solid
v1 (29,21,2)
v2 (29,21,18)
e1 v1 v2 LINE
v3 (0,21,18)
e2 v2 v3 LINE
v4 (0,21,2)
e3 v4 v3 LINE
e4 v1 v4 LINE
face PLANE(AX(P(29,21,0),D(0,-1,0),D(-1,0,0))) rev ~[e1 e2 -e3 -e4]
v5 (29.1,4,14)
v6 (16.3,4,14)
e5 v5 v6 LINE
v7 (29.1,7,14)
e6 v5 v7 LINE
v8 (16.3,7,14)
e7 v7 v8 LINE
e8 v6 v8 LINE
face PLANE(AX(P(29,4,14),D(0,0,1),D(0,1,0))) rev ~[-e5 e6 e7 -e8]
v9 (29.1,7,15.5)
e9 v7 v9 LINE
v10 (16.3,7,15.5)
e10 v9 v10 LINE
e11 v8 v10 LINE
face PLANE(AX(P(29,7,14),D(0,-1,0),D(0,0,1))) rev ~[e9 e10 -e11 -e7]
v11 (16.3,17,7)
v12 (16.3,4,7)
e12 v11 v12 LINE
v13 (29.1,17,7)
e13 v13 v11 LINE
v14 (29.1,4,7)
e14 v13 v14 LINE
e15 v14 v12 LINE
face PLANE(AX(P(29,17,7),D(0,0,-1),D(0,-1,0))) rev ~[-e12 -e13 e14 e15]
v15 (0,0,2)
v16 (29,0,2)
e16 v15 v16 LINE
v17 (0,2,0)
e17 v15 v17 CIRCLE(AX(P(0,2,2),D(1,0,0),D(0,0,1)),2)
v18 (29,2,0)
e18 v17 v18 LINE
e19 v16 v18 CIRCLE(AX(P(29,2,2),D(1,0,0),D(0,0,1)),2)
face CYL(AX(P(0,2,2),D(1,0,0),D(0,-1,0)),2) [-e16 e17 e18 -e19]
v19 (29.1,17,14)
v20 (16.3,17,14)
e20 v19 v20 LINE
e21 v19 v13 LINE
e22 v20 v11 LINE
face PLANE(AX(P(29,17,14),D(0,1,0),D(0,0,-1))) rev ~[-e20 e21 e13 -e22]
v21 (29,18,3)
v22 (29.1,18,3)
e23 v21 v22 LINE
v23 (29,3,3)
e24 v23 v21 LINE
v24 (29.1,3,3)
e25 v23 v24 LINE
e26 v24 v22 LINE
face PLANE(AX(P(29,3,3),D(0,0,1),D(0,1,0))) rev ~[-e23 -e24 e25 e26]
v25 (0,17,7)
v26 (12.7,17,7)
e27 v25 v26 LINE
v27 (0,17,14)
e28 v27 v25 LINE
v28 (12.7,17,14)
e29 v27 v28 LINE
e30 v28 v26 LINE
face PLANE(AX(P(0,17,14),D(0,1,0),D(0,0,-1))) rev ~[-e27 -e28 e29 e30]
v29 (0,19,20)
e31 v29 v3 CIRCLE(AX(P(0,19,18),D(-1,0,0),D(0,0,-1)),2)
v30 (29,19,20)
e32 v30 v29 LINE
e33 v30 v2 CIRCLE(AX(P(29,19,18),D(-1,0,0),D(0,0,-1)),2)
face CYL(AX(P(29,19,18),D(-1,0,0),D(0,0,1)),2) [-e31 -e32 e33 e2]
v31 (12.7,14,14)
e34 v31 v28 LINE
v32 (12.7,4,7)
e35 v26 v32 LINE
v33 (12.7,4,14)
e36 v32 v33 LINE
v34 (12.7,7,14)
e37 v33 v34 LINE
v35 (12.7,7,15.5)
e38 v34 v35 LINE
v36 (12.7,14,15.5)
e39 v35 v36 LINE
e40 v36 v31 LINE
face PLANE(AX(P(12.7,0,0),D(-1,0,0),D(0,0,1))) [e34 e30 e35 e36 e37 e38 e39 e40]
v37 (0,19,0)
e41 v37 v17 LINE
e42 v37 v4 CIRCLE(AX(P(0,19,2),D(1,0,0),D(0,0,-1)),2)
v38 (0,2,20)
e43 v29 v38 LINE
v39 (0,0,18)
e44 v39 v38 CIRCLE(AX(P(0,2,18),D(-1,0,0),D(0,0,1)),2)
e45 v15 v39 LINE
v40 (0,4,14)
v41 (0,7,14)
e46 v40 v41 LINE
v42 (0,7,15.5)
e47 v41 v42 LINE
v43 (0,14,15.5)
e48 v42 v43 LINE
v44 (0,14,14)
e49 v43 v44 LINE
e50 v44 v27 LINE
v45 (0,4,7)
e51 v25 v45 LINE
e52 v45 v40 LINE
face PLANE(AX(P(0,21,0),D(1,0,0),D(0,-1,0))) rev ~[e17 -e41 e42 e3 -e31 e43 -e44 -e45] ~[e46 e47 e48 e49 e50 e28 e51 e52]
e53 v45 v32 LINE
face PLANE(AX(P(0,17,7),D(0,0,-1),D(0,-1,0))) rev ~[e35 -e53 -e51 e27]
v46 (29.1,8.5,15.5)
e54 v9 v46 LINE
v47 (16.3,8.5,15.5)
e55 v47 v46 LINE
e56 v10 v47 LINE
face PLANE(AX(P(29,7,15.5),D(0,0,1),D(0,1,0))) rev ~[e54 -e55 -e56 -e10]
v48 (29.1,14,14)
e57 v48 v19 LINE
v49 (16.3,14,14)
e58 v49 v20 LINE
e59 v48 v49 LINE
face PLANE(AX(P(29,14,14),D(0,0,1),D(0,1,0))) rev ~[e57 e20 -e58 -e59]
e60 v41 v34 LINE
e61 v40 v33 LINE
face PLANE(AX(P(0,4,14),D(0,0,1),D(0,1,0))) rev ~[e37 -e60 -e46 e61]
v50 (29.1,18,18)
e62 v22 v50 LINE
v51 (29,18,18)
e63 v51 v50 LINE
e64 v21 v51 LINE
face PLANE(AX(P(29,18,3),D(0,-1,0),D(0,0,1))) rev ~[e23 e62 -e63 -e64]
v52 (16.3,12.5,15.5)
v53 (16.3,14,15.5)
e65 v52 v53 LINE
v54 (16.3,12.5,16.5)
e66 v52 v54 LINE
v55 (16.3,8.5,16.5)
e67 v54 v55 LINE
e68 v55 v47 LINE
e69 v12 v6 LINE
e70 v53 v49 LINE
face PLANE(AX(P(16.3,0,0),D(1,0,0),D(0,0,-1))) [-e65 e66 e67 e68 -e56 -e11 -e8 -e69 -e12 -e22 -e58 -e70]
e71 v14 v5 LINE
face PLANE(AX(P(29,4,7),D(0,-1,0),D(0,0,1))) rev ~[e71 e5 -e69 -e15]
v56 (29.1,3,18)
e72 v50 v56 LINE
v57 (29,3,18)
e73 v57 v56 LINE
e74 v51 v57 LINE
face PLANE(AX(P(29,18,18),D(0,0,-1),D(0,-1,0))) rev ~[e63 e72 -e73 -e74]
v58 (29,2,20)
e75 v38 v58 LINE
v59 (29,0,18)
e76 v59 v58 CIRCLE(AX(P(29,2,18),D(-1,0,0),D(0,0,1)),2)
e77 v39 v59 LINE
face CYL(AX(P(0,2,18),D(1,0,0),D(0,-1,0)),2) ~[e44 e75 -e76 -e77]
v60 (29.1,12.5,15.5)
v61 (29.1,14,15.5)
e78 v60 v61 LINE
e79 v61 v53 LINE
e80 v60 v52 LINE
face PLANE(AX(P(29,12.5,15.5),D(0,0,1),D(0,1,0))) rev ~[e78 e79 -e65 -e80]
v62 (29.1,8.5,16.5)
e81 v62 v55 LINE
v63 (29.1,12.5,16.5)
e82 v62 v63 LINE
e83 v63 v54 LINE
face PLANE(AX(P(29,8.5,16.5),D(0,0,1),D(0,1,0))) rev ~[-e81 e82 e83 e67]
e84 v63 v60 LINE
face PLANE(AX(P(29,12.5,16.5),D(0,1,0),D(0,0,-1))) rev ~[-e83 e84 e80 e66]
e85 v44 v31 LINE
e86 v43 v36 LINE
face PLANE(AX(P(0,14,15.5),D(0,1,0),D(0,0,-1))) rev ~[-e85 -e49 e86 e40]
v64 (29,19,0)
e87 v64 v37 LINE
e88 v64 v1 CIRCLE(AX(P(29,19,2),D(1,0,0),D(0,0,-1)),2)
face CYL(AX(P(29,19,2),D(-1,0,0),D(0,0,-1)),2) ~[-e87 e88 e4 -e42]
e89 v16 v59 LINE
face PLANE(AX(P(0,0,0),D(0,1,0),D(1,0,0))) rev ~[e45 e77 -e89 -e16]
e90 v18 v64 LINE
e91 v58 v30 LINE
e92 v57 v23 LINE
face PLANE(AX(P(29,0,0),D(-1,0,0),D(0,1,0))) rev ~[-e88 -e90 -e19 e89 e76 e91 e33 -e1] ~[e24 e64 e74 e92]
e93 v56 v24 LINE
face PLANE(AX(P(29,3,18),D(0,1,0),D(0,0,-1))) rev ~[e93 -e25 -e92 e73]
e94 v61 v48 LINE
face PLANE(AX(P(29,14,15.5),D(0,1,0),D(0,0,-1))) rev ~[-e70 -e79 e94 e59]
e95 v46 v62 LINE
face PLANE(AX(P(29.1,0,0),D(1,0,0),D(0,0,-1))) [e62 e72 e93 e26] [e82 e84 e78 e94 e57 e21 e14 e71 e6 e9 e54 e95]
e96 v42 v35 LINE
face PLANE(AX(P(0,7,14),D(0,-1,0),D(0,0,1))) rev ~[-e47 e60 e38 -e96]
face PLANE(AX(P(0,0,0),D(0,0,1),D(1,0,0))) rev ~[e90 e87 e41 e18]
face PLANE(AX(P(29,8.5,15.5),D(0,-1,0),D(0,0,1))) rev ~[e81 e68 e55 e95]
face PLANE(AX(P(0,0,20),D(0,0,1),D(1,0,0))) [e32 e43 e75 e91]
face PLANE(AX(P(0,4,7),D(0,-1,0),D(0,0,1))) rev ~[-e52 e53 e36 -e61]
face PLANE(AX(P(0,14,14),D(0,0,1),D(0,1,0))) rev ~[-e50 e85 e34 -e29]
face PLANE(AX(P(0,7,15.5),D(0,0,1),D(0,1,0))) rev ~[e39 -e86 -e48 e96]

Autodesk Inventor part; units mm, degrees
ref_plane "YZ Plane" through (0, 0, 0) normal (1, 0, 0) x (0, 1, 0)
ref_plane "XZ Plane" through (0, 0, 0) normal (0, 1, 0) x (-1, 0, 0)
ref_plane "XY Plane" through (0, 0, 0) normal (0, 0, 1) x (1, 0, 0)
sketch "Sketch1" plane through (0, 0, 0) normal (0, 0, 1) x (1, 0, 0)
  line L0 (0, 0) -> (29, 0)
  line L1 (29, 0) -> (29, 21)
  line L2 (29, 21) -> (0, 21)
  line L3 (0, 21) -> (0, 0)
  dimension "d0" = 29
  dimension "d1" = 21
extrude "Extrusion1" add sketch "Sketch1" along normal blind 20
sketch "Sketch2" plane through (29, 0, 0) normal (1, 0, 0) x (0, 0, -1)
  line L0 (-7, 4) -> (-14, 4)
  line L1 (-14, 4) -> (-14, 17)
  line L2 (-14, 17) -> (-7, 17)
  line L3 (-7, 17) -> (-7, 4)
  line L4 (-20, 0) -> (-20, 21) construction
  line L5 (-14, 7) -> (-15.5, 7)
  line L6 (-15.5, 7) -> (-15.5, 14)
  line L7 (-15.5, 14) -> (-14, 14)
  line L8 (-14, 14) -> (-14, 7)
  line L9 (-15.5, 17) -> (-7, 17)
  line L10 (0, 21) -> (-20, 21) construction
  line L11 (-15.5, 12.5) -> (-16.5, 12.5)
  line L12 (-16.5, 12.5) -> (-16.5, 8.5)
  line L13 (-16.5, 8.5) -> (-15.5, 8.5)
  line L14 (-15.5, 8.5) -> (-15.5, 12.5)
  line L15 (0, 0) -> (0, 21) projected
  point P0 (-14, 10.5)
  point P1 (-20, 10.5)
  point P2 (-11.25, 17)
  point P3 (-10, 21)
  point P4 (-15.5, 10.5)
  dimension "d4" = 7
  dimension "d5" = 13
  dimension "d6" = 1.5
  dimension "d7" = 7
  dimension "d12" = 4
  dimension "d13" = 1
  dimension "d14" = 7
extrude "Extrusion2" cut sketch "Sketch2" against normal blind 12.7
sketch "Sketch3" plane through (0, 0, 0) normal (-1, 0, 0) x (0, 0, 1)
  line L0 (14, 14) -> (14, 17) projected
  line L1 (15.5, 14) -> (14, 14) projected
  line L2 (15.5, 7) -> (15.5, 14) projected
  line L3 (14, 7) -> (15.5, 7) projected
  line L4 (7, 4) -> (14, 4) projected
  line L5 (7, 17) -> (7, 4) projected
  line L6 (14, 17) -> (7, 17) projected
  line L7 (14, 4) -> (14, 7) projected
  point P0 (0, 0)
extrude "Extrusion3" cut sketch "Sketch3" against normal blind 12.7
sketch "Sketch4" plane through (29, 0, 0) normal (1, 0, 0) x (0, 0, -1)
  line L0 (-18, 3) -> (-3, 3)
  line L1 (-3, 3) -> (-3, 18)
  line L2 (-3, 18) -> (-18, 18)
  line L3 (-18, 18) -> (-18, 3)
  line L4 (-20, 0) -> (-20, 21) projected
  line L5 (-15.5, 8.5) -> (-16.5, 8.5) projected
  line L6 (-15.5, 7) -> (-15.5, 8.5) projected
  line L7 (-14, 7) -> (-15.5, 7) projected
  line L8 (-14, 4) -> (-14, 7) projected
  line L9 (-7, 4) -> (-14, 4) projected
  line L10 (-7, 17) -> (-7, 4) projected
  line L11 (-14, 17) -> (-7, 17) projected
  line L12 (-14, 14) -> (-14, 17) projected
  line L13 (-15.5, 14) -> (-14, 14) projected
  line L14 (-15.5, 12.5) -> (-15.5, 14) projected
  line L15 (-16.5, 12.5) -> (-15.5, 12.5) projected
  line L16 (-16.5, 8.5) -> (-16.5, 12.5) projected
  point P0 (0, 0)
  point P1 (-18, 10.5)
  point P2 (-20, 10.5)
  dimension "d15" = 15
  dimension "d16" = 15
  dimension "d17" = 2
extrude "Extrusion4" add sketch "Sketch4" along normal blind 0.1
fillet "Fillet1" radius 2 4 edges at (14.5, 0, 0) (14.5, 0, 20) (14.5, 21, 20) (14.5, 21, 0)
properties part number "Ethernet Port" material "ABS Plastic"
